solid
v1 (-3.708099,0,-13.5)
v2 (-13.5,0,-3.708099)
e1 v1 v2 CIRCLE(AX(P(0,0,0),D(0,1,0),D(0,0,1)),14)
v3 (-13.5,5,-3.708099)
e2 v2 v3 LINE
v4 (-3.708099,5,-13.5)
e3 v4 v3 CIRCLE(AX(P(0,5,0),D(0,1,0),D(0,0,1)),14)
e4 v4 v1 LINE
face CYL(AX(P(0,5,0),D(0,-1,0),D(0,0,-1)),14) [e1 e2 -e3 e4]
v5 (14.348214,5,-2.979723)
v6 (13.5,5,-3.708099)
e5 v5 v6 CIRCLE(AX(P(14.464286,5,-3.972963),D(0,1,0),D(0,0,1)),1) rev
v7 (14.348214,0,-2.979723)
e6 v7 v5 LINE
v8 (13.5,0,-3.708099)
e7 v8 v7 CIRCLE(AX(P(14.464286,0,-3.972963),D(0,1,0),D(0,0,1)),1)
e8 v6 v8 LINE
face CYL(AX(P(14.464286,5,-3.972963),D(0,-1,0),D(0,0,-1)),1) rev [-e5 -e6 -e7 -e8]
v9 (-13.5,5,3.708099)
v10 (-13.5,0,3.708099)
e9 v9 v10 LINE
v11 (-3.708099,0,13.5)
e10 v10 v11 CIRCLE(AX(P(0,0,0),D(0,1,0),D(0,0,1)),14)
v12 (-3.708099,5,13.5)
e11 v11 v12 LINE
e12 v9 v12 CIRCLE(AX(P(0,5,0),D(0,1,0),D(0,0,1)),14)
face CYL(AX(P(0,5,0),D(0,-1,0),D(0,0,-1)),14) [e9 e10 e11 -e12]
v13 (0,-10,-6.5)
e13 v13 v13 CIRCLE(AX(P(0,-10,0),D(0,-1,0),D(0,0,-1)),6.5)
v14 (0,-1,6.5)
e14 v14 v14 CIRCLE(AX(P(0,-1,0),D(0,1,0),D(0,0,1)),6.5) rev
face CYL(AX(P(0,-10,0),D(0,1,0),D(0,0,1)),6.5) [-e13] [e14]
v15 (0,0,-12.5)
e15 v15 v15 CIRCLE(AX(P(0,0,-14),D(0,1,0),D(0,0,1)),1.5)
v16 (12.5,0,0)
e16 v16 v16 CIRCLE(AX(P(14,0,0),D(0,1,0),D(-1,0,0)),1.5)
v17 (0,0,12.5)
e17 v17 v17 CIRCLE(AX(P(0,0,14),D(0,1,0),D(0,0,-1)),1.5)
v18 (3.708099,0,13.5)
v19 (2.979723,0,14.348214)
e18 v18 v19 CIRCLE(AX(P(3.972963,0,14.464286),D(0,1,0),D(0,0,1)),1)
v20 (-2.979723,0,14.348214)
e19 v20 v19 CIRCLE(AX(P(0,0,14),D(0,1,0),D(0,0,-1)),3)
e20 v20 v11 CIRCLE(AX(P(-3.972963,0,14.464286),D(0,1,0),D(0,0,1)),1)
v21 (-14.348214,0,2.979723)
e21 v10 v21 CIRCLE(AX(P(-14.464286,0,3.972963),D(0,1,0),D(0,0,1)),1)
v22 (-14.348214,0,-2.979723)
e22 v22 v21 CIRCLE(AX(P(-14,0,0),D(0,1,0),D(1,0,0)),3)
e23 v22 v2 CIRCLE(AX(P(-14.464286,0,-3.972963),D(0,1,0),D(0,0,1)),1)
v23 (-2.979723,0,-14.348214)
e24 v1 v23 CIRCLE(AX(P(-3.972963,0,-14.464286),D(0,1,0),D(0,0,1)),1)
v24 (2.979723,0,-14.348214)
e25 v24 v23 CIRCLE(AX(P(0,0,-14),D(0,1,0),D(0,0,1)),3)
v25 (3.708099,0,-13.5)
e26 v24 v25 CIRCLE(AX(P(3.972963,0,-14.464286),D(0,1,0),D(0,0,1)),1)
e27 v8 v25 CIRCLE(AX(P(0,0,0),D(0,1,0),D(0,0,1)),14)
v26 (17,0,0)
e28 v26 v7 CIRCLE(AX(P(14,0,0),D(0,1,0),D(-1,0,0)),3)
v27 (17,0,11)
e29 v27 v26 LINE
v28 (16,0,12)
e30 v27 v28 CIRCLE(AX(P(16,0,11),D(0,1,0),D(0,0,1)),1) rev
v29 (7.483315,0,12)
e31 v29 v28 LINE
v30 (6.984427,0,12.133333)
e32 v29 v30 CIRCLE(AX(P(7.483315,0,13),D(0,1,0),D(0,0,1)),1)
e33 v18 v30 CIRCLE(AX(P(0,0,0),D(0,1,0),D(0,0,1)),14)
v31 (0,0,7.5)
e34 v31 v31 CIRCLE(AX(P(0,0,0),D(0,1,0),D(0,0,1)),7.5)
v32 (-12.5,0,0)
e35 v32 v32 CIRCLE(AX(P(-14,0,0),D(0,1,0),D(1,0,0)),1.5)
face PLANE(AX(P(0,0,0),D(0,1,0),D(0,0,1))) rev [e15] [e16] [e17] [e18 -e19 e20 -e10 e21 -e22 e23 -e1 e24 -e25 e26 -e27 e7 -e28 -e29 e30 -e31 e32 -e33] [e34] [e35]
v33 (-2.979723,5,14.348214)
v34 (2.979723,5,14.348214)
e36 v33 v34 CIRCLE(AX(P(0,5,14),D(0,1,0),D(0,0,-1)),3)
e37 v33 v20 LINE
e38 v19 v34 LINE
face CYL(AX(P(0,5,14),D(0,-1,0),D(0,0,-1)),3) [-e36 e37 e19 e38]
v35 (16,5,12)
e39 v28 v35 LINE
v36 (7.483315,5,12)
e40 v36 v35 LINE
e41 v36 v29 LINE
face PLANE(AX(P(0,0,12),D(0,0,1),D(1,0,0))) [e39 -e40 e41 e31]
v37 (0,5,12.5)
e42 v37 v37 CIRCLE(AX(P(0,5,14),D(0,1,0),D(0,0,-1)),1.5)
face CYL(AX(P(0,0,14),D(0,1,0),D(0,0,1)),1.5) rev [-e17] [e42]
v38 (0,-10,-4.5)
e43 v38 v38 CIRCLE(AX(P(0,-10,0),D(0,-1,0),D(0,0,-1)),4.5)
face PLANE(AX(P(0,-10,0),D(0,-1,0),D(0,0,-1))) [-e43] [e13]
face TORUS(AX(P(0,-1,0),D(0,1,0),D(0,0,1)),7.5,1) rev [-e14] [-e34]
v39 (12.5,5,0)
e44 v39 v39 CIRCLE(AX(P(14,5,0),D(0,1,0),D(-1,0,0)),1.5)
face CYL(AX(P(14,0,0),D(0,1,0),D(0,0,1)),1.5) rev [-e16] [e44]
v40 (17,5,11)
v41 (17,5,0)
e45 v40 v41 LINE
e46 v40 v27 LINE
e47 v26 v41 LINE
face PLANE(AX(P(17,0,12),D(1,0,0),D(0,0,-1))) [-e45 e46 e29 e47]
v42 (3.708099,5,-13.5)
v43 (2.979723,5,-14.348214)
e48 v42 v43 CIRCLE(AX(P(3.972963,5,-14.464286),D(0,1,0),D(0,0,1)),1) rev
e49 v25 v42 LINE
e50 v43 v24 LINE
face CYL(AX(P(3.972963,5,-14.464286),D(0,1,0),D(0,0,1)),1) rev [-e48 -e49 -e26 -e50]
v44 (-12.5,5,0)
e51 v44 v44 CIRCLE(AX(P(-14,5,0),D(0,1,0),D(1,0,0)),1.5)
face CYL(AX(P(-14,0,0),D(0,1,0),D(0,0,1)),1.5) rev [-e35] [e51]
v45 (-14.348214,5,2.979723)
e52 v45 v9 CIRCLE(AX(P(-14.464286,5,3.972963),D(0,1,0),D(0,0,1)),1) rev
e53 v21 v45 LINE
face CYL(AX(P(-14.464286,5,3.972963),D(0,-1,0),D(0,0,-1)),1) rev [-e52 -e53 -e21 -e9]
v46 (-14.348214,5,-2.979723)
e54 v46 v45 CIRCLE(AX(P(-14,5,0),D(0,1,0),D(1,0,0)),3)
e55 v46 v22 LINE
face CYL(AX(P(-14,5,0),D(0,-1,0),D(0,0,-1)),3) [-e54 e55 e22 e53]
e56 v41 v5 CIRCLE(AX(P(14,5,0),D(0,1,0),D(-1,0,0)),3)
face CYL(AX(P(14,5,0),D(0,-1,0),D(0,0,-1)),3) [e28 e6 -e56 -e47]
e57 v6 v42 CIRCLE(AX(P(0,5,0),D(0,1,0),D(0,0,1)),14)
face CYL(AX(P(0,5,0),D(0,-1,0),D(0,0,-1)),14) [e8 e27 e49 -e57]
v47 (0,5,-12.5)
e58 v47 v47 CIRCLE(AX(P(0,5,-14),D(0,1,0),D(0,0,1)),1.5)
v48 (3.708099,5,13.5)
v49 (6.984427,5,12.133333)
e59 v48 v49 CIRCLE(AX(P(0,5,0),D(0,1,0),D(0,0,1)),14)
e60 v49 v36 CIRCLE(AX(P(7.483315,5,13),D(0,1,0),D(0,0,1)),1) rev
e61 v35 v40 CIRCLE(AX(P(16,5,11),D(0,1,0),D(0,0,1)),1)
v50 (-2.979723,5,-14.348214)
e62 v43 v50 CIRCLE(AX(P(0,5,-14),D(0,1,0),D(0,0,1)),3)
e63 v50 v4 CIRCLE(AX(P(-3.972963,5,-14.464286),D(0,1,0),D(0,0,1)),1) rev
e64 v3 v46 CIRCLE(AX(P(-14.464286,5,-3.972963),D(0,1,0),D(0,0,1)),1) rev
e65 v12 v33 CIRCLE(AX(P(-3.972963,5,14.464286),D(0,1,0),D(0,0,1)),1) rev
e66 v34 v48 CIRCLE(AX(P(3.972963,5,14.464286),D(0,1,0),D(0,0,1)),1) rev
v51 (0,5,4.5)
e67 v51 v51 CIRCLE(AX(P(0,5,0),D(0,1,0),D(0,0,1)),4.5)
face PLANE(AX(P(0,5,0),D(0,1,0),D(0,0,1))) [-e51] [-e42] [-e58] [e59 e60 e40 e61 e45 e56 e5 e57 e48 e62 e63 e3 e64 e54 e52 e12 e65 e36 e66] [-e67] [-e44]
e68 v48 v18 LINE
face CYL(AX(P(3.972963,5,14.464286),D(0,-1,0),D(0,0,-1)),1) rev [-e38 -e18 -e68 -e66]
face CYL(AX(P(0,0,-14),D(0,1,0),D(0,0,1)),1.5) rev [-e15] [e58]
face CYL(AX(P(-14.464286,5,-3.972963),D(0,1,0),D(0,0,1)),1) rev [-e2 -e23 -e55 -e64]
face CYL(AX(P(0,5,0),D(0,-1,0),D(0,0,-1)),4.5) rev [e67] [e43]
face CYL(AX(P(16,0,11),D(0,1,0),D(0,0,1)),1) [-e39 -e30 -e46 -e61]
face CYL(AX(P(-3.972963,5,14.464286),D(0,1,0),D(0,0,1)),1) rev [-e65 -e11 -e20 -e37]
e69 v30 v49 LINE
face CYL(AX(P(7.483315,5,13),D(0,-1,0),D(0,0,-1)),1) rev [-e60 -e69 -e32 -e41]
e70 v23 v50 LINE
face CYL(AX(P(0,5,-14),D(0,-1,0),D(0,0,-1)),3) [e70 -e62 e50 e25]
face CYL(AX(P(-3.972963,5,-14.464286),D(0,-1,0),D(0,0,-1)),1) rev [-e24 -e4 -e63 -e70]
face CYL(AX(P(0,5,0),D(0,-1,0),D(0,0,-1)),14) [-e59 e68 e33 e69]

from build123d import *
from build123d.topology import SkipClean

# Parameters (mm, degrees)
SKETCH1_R           = 14
SKETCH1_R_2         = 4.5
BOSS_EXTRUDE1_DEPTH = 5
SKETCH3_R           = 3
BOSS_EXTRUDE2_DEPTH = 5
SKETCH4_R           = 1.5
CUT_EXTRUDE1_DEPTH  = 5
CIRPATTERN1_COUNT   = 4
BOSS_EXTRUDE3_DEPTH = 5
CIRPATTERN2_COUNT   = 4
BOSS_EXTRUDE4_START = 10
SKETCH6_R           = 6.5
SKETCH6_R_2         = 4.5
BOSS_EXTRUDE4_DEPTH = 10
FILLET2_R           = 1


with BuildPart() as part:
    # Sketch1 → Boss-Extrude1 (new body)
    with BuildSketch(Plane(origin=(0, 0, 0), x_dir=(1, 0, 0), z_dir=(0, 1, 0))):
        with Locations(Location((0, 0, 0), (0, 0, 270))):
            Circle(SKETCH1_R)
        with Locations(Location((0, 0, 0), (0, 0, 270))):
            Circle(SKETCH1_R_2, mode=Mode.SUBTRACT)
    extrude(amount=BOSS_EXTRUDE1_DEPTH)

    # Sketch3 → Boss-Extrude2 (add)
    with BuildSketch(Plane(origin=(0, 0, 0), x_dir=(1, 0, 0), z_dir=(0, 1, 0))):
        with Locations((0, 14)):
            Circle(SKETCH3_R)
    boss_extrude2 = extrude(amount=BOSS_EXTRUDE2_DEPTH)

    # Sketch4 → Cut-Extrude1 (cut)
    with BuildSketch(Plane(origin=(0, 5, 0), x_dir=(1, 0, 0), z_dir=(0, 1, 0))):
        with Locations(Location((0, 14, 0), (0, 0, 270))):
            Circle(SKETCH4_R)
    cut_extrude1 = extrude(amount=-CUT_EXTRUDE1_DEPTH, mode=Mode.SUBTRACT)

    # CirPattern1: Boss-Extrude2 ×4 about axis
    cirpattern1_axis = Axis((0, 0, 0), (0, 1, 0))
    for i in range(1, CIRPATTERN1_COUNT):
        add(boss_extrude2.rotate(cirpattern1_axis, i * 360 / CIRPATTERN1_COUNT))

    # Sketch5 → Boss-Extrude3 (add)
    with BuildSketch(Plane(origin=(0, 5, 0), x_dir=(1, 0, 0), z_dir=(0, 1, 0))):
        Polygon((0, -12), (17, -12), (17, 0), (10.271836612, 0), align=None)
    extrude(amount=-BOSS_EXTRUDE3_DEPTH)

    # CirPattern2: Cut-Extrude1 ×4 about axis
    cirpattern2_axis = Axis((0, 0, 0), (0, 1, 0))
    for i in range(1, CIRPATTERN2_COUNT):
        add(cut_extrude1.rotate(cirpattern2_axis, i * 360 / CIRPATTERN2_COUNT), mode=Mode.SUBTRACT)

    # Sketch6 → Boss-Extrude4 (add)
    with SkipClean():  # the faces are left unmerged after this step: merging them gives an invalid solid
        with BuildSketch(Plane.XZ.offset(BOSS_EXTRUDE4_START)):
            with Locations(Location((0, 0, 0), (0, 0, 90))):
                Circle(SKETCH6_R)
            with Locations(Location((0, 0, 0), (0, 0, 270))):
                Circle(SKETCH6_R_2, mode=Mode.SUBTRACT)
        extrude(amount=-BOSS_EXTRUDE4_DEPTH)

    # Fillet2
    fillet2_edges = [part.edges().sort_by_distance(p)[0] for p in [
        (-2.982730909, 2.5, -13.678571429),
        (2.982730909, 2.5, -13.678571429),
        (-13.678571429, 2.5, -2.982730909),
        (-13.678571429, 2.5, 2.982730909),
        (-2.982730909, 2.5, 13.678571429),
        (2.982730909, 2.5, 13.678571429),
        (13.678571429, 2.5, -2.982730909),
        (17, 2.5, 12),
        (7.211102551, 2.5, 12),
        (0, 0, -6.5),
    ]]
    fillet(fillet2_edges, radius=FILLET2_R)


solid = part.part
